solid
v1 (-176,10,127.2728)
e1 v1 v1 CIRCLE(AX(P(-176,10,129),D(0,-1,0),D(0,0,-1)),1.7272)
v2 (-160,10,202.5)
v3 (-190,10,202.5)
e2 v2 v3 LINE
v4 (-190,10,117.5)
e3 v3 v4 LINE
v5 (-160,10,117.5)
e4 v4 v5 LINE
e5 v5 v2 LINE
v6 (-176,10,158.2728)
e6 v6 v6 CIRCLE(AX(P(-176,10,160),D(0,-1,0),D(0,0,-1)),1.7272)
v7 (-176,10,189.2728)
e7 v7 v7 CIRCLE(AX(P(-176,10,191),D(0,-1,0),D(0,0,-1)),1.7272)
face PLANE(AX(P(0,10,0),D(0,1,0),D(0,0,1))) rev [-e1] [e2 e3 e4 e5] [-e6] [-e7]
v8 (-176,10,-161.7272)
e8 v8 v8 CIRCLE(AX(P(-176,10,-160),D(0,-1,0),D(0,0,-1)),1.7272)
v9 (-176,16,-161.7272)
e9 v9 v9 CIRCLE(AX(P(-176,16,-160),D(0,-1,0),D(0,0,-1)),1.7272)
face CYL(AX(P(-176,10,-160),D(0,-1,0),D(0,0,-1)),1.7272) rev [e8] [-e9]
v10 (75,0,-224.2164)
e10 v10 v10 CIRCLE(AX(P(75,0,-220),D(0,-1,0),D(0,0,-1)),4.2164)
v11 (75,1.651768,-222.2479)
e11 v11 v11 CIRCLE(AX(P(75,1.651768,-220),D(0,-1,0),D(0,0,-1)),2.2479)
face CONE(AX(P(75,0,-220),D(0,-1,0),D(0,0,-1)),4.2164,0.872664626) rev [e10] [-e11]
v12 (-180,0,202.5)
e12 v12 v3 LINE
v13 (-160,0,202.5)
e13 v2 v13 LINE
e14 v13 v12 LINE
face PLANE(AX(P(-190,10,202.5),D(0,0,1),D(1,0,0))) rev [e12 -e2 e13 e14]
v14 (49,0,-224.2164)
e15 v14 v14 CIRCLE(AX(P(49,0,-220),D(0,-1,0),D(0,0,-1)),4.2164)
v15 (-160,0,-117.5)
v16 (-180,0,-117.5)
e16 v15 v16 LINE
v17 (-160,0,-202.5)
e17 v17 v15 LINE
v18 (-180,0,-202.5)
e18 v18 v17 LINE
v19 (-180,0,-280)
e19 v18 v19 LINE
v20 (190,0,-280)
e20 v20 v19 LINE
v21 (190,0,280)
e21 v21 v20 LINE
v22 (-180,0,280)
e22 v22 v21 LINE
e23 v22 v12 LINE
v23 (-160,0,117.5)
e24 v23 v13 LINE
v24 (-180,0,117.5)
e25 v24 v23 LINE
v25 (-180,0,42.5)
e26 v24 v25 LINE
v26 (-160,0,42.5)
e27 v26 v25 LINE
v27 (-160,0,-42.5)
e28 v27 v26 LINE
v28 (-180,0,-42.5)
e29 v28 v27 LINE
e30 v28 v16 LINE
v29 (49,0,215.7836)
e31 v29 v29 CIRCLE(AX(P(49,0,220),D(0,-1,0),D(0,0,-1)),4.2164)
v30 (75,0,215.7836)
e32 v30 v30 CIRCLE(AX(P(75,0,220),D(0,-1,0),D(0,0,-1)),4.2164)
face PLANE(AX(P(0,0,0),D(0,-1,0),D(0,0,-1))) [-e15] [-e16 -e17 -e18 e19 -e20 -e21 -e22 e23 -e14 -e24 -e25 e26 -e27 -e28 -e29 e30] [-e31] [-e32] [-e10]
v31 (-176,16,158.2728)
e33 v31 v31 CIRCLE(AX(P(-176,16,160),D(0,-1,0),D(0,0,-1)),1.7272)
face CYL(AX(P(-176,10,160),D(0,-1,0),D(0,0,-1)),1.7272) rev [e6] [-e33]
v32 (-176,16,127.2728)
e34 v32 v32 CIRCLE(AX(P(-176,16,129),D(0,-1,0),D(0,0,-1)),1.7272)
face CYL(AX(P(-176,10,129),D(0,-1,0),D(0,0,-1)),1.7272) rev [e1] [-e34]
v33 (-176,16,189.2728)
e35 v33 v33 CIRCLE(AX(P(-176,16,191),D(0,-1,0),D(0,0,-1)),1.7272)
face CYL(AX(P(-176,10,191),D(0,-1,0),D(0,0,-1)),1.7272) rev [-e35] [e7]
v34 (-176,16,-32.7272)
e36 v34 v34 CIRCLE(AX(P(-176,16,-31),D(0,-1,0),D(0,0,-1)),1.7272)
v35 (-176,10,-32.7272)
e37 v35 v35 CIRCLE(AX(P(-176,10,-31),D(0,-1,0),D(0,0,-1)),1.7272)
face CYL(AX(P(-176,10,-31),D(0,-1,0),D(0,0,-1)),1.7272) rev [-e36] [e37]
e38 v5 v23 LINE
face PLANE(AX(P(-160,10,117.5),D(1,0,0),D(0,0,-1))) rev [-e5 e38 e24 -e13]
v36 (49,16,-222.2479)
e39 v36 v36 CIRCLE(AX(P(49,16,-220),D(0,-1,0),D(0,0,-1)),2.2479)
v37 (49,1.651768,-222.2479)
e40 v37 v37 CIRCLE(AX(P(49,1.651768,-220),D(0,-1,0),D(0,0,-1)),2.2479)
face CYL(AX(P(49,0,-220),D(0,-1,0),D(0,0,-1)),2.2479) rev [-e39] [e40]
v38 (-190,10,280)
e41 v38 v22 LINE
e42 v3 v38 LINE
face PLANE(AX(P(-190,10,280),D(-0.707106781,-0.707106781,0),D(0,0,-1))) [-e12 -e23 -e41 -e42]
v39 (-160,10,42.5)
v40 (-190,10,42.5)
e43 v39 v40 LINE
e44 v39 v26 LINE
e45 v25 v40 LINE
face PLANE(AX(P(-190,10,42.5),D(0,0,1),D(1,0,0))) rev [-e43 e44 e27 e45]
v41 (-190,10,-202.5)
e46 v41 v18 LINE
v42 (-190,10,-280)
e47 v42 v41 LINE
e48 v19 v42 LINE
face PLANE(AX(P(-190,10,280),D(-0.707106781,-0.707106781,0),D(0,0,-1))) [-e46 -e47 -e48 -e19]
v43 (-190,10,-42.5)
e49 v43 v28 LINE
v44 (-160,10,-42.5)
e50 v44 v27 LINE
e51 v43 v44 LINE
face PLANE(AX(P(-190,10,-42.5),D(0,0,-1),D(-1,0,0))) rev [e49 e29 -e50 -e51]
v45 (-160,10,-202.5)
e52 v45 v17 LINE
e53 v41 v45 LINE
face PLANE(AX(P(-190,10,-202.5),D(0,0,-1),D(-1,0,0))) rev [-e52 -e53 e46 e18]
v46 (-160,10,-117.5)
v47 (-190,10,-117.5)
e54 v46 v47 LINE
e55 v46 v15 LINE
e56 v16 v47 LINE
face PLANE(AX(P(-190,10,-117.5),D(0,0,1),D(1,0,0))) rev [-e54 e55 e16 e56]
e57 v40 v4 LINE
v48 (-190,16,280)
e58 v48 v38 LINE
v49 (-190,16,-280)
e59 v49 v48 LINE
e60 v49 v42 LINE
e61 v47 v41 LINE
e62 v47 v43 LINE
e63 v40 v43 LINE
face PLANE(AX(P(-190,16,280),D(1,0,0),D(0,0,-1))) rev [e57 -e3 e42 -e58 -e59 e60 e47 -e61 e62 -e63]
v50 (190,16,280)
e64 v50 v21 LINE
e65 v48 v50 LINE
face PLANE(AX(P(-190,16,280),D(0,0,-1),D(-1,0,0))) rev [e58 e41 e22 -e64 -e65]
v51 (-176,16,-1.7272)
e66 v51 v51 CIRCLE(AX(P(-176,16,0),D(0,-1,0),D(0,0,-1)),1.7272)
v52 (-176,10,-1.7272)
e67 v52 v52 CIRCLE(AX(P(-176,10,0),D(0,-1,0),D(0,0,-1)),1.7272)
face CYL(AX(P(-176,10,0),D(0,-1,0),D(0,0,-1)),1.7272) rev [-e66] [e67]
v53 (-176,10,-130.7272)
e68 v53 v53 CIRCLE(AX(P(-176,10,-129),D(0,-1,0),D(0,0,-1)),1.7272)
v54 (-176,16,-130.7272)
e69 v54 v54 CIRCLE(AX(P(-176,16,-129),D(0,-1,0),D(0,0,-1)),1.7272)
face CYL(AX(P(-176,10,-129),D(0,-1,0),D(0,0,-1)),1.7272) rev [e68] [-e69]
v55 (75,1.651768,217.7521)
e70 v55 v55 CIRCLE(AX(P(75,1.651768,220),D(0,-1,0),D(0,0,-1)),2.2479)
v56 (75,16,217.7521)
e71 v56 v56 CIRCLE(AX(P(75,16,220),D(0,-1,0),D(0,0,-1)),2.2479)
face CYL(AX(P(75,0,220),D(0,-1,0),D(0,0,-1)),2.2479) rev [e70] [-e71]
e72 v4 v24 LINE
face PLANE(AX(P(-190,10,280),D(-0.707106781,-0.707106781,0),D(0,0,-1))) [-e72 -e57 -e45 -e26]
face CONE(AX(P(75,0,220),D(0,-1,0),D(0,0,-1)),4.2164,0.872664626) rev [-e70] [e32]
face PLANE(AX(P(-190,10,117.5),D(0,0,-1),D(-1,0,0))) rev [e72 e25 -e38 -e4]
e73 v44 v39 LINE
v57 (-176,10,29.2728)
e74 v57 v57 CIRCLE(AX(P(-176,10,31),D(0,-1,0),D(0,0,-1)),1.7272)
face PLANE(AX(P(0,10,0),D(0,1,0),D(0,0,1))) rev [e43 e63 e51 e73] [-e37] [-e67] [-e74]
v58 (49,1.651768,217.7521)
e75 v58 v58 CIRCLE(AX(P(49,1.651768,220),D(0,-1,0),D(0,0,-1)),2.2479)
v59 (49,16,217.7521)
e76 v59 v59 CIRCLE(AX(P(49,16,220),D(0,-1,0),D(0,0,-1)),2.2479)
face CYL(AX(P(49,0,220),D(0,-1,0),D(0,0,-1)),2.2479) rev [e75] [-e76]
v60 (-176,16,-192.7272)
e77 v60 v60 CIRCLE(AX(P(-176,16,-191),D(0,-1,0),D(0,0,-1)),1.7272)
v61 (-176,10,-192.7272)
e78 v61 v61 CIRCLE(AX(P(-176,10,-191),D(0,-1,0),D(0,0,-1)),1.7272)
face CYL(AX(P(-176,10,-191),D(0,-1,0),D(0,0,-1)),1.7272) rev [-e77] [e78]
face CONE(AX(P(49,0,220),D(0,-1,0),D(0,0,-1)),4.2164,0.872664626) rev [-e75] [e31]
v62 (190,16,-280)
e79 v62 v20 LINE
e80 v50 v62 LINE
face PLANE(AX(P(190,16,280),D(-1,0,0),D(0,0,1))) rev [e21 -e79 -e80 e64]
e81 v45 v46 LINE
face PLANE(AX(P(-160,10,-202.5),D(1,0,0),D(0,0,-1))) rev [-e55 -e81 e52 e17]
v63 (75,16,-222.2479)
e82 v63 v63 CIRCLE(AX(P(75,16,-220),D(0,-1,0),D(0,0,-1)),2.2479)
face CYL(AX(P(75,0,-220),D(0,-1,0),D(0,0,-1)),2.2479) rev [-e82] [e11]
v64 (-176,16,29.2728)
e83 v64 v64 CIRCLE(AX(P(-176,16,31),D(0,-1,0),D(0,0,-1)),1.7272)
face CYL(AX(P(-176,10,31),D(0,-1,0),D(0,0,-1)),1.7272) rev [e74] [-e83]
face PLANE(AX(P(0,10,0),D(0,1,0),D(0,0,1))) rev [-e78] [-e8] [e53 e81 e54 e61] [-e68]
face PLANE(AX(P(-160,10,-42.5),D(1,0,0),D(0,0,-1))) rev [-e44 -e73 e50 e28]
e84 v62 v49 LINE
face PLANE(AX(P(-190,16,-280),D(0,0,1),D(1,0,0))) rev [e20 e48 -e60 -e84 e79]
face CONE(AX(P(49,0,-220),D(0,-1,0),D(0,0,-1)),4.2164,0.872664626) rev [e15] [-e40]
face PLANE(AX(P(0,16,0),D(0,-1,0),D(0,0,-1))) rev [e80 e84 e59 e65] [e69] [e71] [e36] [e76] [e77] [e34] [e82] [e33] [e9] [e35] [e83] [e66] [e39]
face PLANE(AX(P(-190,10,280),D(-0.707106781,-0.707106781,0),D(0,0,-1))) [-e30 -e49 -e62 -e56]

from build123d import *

# Parameters (mm, degrees)
SKETCH1_W                                 = 380
SKETCH1_H                                 = 560
BOSS_EXTRUDE1_DEPTH                       = 16
SKETCH2_W                                 = 30
SKETCH2_H                                 = 85
CUT_EXTRUDE1_DEPTH                        = 10
CHAMFER2_SIZE                             = 10
F_8_36_TAPPED_HOLE1_AT_2_COUNT            = 2
F_8_36_TAPPED_HOLE1_AT_2_PITCH            = 31
F_8_36_TAPPED_HOLE1_AT_3_COUNT            = 2
F_8_36_TAPPED_HOLE1_AT_3_PITCH            = 62
LPATTERN1_COUNT                           = 3
LPATTERN1_PITCH                           = 160
CSK_FOR_8_FLAT_HEAD_MACHINE_SCREW_2_COUNT = 2
CSK_FOR_8_FLAT_HEAD_MACHINE_SCREW_2_PITCH = 26


with BuildPart() as part:
    # Sketch1 → Boss-Extrude1 (new body)
    with BuildSketch(Plane(origin=(0, 0, 0), x_dir=(1, 0, 0), z_dir=(0, 1, 0))):
        Rectangle(SKETCH1_W, SKETCH1_H)
    extrude(amount=BOSS_EXTRUDE1_DEPTH)

    # Sketch2 → Cut-Extrude1 (cut)
    with BuildSketch(Plane.XZ):
        with Locations((-175, 160)):
            Rectangle(SKETCH2_W, SKETCH2_H)
        with Locations((-175, 0)):
            Rectangle(SKETCH2_W, SKETCH2_H)
        with Locations((-175, -160)):
            Rectangle(SKETCH2_W, SKETCH2_H)
    extrude(amount=-CUT_EXTRUDE1_DEPTH, mode=Mode.SUBTRACT)

    # Chamfer2
    chamfer2_edges = [part.edges().sort_by_distance(p)[0] for p in [
        (-190, 0, 241.25),
        (-190, 0, 80),
        (-190, 0, -80),
        (-190, 0, -241.25),
    ]]
    chamfer(chamfer2_edges, length=CHAMFER2_SIZE)

    # Sketch5 → #8-36 Tapped Hole1 (revolve, cut)
    with BuildSketch(Plane(origin=(-176, 10, 191), x_dir=(0, 0, -1), z_dir=(1, 0, 0))):
        Polygon((0, 0), (0, 26.037806461), (1.7272, 25), (1.7272, 0), align=None)
    f_8_36_tapped_hole1 = revolve(axis=Axis((-176, 3.65, 191), (0, 1, 0)), mode=Mode.SUBTRACT)

    # #8-36 Tapped Hole1 at 2: #8-36 Tapped Hole1 ×2
    with Locations(*[(0, 0, -i * F_8_36_TAPPED_HOLE1_AT_2_PITCH) for i in range(1, F_8_36_TAPPED_HOLE1_AT_2_COUNT)]):
        add(f_8_36_tapped_hole1, mode=Mode.SUBTRACT)

    # #8-36 Tapped Hole1 at 3: #8-36 Tapped Hole1 ×2
    with Locations(*[(0, 0, -i * F_8_36_TAPPED_HOLE1_AT_3_PITCH) for i in range(1, F_8_36_TAPPED_HOLE1_AT_3_COUNT)]):
        add(f_8_36_tapped_hole1, mode=Mode.SUBTRACT)

    # LPattern1: #8-36 Tapped Hole1 ×3
    with Locations(*[(0, 0, -i * LPATTERN1_PITCH) for i in range(1, LPATTERN1_COUNT)]):
        add(f_8_36_tapped_hole1, mode=Mode.SUBTRACT)

    # LPattern1 copy 1 sketch → LPattern1 copy 1 (revolve, cut)
    with BuildSketch(Plane(origin=(-176, 10, 0), x_dir=(0, 0, -1), z_dir=(1, 0, 0))):
        Polygon((0, 0), (0, 26.037806461), (1.7272, 25), (1.7272, 0), align=None)
    revolve(axis=Axis((-176, 3.65, 0), (0, 1, 0)), mode=Mode.SUBTRACT)

    # LPattern1 copy 2 sketch → LPattern1 copy 2 (revolve, cut)
    with BuildSketch(Plane(origin=(-176, 10, -160), x_dir=(0, 0, -1), z_dir=(1, 0, 0))):
        Polygon((0, 0), (0, 26.037806461), (1.7272, 25), (1.7272, 0), align=None)
    revolve(axis=Axis((-176, 3.65, -160), (0, 1, 0)), mode=Mode.SUBTRACT)

    # LPattern1 copy 3 sketch → LPattern1 copy 3 (revolve, cut)
    with BuildSketch(Plane(origin=(-176, 10, -31), x_dir=(0, 0, -1), z_dir=(1, 0, 0))):
        Polygon((0, 0), (0, 26.037806461), (1.7272, 25), (1.7272, 0), align=None)
    revolve(axis=Axis((-176, 3.65, -31), (0, 1, 0)), mode=Mode.SUBTRACT)

    # LPattern1 copy 4 sketch → LPattern1 copy 4 (revolve, cut)
    with BuildSketch(Plane(origin=(-176, 10, -191), x_dir=(0, 0, -1), z_dir=(1, 0, 0))):
        Polygon((0, 0), (0, 26.037806461), (1.7272, 25), (1.7272, 0), align=None)
    revolve(axis=Axis((-176, 3.65, -191), (0, 1, 0)), mode=Mode.SUBTRACT)

    # Sketch8 → CSK for #8 Flat Head Machine Screw (100)1 (revolve, cut)
    with BuildSketch(Plane(origin=(75, 0, 220), x_dir=(0, 0, -1), z_dir=(1, 0, 0))):
        Polygon((0, 0), (0, 26.350674586), (2.2479, 25), (2.2479, 1.651767624), (4.2164, 0), align=None)
    csk_for_8_flat_head_machine_screw_100 = revolve(axis=Axis((75, -6.35, 220), (0, 1, 0)), mode=Mode.SUBTRACT)

    # CSK for _8 Flat Head Machine Screw _ 2: CSK for #8 Flat Head Machine Screw (100)1 ×2
    with Locations(*[(-i * CSK_FOR_8_FLAT_HEAD_MACHINE_SCREW_2_PITCH, 0, 0) for i in range(1, CSK_FOR_8_FLAT_HEAD_MACHINE_SCREW_2_COUNT)]):
        add(csk_for_8_flat_head_machine_screw_100, mode=Mode.SUBTRACT)

    # Mirror1: CSK for #8 Flat Head Machine Screw (100)1 across plane
    add(csk_for_8_flat_head_machine_screw_100.mirror(Plane.XY), mode=Mode.SUBTRACT)

    # Mirror1 copy 1 sketch → Mirror1 copy 1 (revolve, cut)
    with BuildSketch(Plane(origin=(49, 0, -220), x_dir=(0, 0, 1), z_dir=(1, 0, 0))):
        Polygon((0, 0), (0, -26.350674586), (2.2479, -25), (2.2479, -1.651767624), (4.2164, 0), align=None)
    revolve(axis=Axis((49, -6.35, -220), (0, -1, 0)), mode=Mode.SUBTRACT)


solid = part.part
